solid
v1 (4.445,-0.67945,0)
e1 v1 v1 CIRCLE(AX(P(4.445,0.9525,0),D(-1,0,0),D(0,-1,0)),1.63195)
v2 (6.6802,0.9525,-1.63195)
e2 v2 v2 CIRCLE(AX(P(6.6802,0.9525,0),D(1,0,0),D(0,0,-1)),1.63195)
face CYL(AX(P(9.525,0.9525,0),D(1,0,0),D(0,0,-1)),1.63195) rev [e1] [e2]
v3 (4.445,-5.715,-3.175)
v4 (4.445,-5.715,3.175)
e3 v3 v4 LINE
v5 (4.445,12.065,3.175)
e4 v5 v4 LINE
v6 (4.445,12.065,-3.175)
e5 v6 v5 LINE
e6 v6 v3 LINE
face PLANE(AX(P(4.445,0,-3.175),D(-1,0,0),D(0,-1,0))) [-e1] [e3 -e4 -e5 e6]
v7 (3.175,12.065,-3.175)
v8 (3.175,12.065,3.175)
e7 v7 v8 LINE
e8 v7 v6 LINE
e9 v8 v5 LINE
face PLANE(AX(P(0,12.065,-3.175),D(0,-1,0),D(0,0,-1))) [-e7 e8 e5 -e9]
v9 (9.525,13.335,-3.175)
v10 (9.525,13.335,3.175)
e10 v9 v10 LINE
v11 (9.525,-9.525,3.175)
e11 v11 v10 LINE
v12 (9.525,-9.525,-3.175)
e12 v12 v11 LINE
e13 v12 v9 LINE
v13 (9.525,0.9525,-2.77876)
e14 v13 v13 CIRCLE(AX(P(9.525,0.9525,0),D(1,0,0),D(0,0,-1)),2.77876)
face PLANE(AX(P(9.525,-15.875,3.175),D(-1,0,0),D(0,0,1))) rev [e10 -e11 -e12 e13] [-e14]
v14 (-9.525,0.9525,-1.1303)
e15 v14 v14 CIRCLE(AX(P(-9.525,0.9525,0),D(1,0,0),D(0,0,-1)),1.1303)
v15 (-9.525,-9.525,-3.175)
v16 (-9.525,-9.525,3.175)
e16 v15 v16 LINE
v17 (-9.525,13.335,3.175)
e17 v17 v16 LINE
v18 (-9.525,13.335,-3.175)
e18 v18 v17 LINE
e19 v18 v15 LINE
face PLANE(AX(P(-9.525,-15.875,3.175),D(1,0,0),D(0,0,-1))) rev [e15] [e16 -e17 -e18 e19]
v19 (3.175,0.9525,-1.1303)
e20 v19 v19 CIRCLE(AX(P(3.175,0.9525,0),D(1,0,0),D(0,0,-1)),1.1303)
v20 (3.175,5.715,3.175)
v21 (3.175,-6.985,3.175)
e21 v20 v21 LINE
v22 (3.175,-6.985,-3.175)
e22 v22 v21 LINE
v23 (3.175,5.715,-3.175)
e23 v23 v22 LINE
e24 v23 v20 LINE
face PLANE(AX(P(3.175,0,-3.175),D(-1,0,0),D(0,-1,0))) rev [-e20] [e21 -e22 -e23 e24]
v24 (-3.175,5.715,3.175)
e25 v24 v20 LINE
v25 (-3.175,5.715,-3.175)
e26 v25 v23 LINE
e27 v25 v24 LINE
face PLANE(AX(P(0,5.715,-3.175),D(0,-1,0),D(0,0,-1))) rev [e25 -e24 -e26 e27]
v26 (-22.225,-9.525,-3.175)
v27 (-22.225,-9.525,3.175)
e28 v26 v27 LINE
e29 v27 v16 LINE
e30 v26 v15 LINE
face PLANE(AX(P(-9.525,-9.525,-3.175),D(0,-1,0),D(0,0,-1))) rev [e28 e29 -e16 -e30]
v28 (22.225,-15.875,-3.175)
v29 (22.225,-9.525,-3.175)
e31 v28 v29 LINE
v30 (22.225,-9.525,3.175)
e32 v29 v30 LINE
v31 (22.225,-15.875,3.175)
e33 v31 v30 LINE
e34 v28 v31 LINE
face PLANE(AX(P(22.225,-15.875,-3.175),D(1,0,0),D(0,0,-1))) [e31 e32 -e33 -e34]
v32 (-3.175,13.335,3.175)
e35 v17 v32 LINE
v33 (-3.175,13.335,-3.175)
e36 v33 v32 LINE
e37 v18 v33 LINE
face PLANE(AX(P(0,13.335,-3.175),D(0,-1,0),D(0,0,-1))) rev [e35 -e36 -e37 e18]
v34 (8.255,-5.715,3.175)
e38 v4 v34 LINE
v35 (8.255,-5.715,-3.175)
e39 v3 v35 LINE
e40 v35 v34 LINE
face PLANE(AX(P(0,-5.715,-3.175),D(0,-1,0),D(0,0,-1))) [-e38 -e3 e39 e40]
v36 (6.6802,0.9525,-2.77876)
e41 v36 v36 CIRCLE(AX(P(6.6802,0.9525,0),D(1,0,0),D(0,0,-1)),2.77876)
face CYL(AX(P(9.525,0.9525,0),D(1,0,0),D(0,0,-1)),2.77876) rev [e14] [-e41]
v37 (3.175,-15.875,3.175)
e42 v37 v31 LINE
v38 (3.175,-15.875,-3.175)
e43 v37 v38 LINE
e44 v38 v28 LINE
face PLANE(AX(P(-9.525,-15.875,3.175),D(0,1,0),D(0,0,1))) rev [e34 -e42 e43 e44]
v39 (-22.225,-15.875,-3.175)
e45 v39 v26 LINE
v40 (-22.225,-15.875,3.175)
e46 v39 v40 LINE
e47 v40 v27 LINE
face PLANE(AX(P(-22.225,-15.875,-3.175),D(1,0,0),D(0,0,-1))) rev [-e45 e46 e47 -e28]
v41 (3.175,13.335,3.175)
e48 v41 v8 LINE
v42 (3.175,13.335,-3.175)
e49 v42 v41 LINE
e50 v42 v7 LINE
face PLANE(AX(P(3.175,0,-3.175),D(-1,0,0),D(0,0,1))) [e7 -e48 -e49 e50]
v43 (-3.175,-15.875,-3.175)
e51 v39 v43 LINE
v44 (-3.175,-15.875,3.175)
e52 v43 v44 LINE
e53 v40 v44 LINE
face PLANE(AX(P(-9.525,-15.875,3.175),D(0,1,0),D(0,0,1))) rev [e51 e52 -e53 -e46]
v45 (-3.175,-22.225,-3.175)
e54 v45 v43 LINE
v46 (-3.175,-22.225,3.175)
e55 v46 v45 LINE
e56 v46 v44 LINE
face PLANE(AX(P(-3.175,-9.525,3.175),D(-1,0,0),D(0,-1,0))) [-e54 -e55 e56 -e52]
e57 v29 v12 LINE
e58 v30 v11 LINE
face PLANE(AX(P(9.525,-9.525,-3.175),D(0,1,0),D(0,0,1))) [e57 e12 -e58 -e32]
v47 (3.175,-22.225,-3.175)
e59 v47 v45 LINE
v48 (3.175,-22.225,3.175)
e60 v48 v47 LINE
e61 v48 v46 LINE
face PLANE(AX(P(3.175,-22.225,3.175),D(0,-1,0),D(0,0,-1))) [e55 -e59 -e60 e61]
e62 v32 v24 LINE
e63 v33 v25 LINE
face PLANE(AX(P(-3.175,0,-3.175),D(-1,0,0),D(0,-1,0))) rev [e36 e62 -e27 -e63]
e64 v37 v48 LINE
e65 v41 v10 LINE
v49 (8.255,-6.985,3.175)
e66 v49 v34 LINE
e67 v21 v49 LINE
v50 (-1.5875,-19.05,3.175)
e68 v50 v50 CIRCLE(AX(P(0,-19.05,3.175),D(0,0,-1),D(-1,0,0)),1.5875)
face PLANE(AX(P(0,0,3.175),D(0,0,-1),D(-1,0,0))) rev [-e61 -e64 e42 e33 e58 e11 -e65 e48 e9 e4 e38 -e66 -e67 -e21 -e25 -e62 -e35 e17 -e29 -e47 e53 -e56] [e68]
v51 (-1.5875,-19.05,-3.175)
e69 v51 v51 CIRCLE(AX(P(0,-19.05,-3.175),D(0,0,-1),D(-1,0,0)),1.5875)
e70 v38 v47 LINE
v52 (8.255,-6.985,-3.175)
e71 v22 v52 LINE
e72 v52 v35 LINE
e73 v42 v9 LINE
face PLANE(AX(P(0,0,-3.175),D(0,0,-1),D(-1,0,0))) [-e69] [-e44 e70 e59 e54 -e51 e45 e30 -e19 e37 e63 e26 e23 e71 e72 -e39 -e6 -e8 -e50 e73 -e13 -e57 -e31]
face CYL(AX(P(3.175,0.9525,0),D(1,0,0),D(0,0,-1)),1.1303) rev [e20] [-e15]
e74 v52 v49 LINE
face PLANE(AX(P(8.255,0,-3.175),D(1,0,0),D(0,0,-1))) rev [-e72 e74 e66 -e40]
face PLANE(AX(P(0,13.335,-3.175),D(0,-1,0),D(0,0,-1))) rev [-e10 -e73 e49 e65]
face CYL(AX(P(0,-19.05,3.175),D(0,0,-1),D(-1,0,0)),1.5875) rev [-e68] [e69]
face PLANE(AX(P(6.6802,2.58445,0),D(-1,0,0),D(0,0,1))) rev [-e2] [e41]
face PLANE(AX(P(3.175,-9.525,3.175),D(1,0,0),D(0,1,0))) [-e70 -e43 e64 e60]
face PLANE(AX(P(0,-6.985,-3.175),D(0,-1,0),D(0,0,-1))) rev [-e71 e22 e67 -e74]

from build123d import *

# Parameters (mm, degrees)
SKETCH2_W                                      = 19.05
SKETCH2_H                                      = 31.75
BOSS_EXTRUDE1_DEPTH                            = 3.175
CUT_EXTRUDE1_DEPTH                             = 23.857707289
SKETCH6_W                                      = 1.27
SKETCH6_H                                      = 17.78
SKETCH6_H_2                                    = 1.27
SKETCH6_W_2                                    = 3.81
CUT_EXTRUDE2_DEPTH                             = 23.857707289
CBORE_FOR_4_SOCKET_HEAD_CAP_SCREW1_D           = 3.2639
CBORE_FOR_4_SOCKET_HEAD_CAP_SCREW1_DEPTH       = 5.08
CBORE_FOR_4_SOCKET_HEAD_CAP_SCREW1_CBORE_D     = 5.55752
CBORE_FOR_4_SOCKET_HEAD_CAP_SCREW1_CBORE_DEPTH = 2.8448
F_4_40_TAPPED_HOLE1_D                          = 2.2606
SKETCH20_W                                     = 12.7
SKETCH20_H                                     = 6.35
BOSS_EXTRUDE2_DEPTH                            = 6.35
SKETCH21_W                                     = 6.35
SKETCH21_H                                     = 12.7
BOSS_EXTRUDE4_DEPTH                            = 6.35
SKETCH22_R                                     = 1.5875
CUT_EXTRUDE3_DEPTH                             = 33.065928179


with BuildPart() as part:
    # Sketch2 → Boss-Extrude1 (new, symmetric)
    with BuildSketch(Plane.XY):
        Rectangle(SKETCH2_W, SKETCH2_H)
    extrude(amount=BOSS_EXTRUDE1_DEPTH, both=True)

    # Sketch4 → Cut-Extrude1 (cut, through all)
    with BuildSketch(Plane(origin=(-1.506852909, 3.110534069, 3.175), x_dir=(1, 0, 0), z_dir=(0, 0, 1))):
        Polygon((-8.018147091, 12.764465931), (-8.018147091, 10.224465931), (-1.668147091, 10.224465931), (-1.668147091, 2.604465931), (4.681852909, 2.604465931), (4.681852909, 10.224465931), (11.031852909, 10.224465931), (11.031852909, 12.764465931), align=None)
    extrude(amount=-CUT_EXTRUDE1_DEPTH, mode=Mode.SUBTRACT)

    # Sketch6 → Cut-Extrude2 (cut, through all)
    with BuildSketch(Plane(origin=(-1.506852909, 3.110534069, 3.175), x_dir=(1, 0, 0), z_dir=(0, 0, 1))):
        with Locations((5.316852909, 0.064465931)):
            Rectangle(SKETCH6_W, SKETCH6_H)
        with Locations((5.316852909, -9.460534069)):
            Rectangle(SKETCH6_W, SKETCH6_H_2)
        with Locations((7.856852909, -9.460534069)):
            Rectangle(SKETCH6_W_2, SKETCH6_H_2)
    extrude(amount=-CUT_EXTRUDE2_DEPTH, mode=Mode.SUBTRACT)

    # CBORE for #4 Socket Head Cap Screw1
    with Locations(Plane(origin=(9.525, 0, 0), x_dir=(0, 0, -1), z_dir=(1, 0, 0))):
        with Locations((0, 0.9525)):
            CounterBoreHole(CBORE_FOR_4_SOCKET_HEAD_CAP_SCREW1_D / 2, CBORE_FOR_4_SOCKET_HEAD_CAP_SCREW1_CBORE_D / 2, CBORE_FOR_4_SOCKET_HEAD_CAP_SCREW1_CBORE_DEPTH, depth=CBORE_FOR_4_SOCKET_HEAD_CAP_SCREW1_DEPTH)

    # #4-40 Tapped Hole1 (through all)
    with Locations(Plane(origin=(3.175, 0, 0), x_dir=(0, 0, -1), z_dir=(1, 0, 0))):
        with Locations((0, 0.9525)):
            Hole(F_4_40_TAPPED_HOLE1_D / 2)

    # Sketch20 → Boss-Extrude2 (add, through all)
    with BuildSketch(Plane.XY.offset(3.175)):
        with Locations((15.875, -12.7)):
            Rectangle(SKETCH20_W, SKETCH20_H)
    boss_extrude2 = extrude(amount=-BOSS_EXTRUDE2_DEPTH)

    # Mirror1: Boss-Extrude2 across plane
    add(boss_extrude2.mirror(Plane(origin=(0, 0, 0), x_dir=(0, 0, 1), z_dir=(1, 0, 0))))

    # Sketch21 → Boss-Extrude4 (add, through all)
    with BuildSketch(Plane(origin=(0, 0, -3.175), x_dir=(-1, 0, 0), z_dir=(0, 0, -1))):
        with Locations((0, -15.875)):
            Rectangle(SKETCH21_W, SKETCH21_H)
    extrude(amount=-BOSS_EXTRUDE4_DEPTH)

    # Sketch22 → Cut-Extrude3 (cut, through all)
    with BuildSketch(Plane(origin=(0, 0, -3.175), x_dir=(-1, 0, 0), z_dir=(0, 0, -1))):
        with Locations((0, -19.05)):
            Circle(SKETCH22_R)
    extrude(amount=-CUT_EXTRUDE3_DEPTH, mode=Mode.SUBTRACT)


solid = part.part
